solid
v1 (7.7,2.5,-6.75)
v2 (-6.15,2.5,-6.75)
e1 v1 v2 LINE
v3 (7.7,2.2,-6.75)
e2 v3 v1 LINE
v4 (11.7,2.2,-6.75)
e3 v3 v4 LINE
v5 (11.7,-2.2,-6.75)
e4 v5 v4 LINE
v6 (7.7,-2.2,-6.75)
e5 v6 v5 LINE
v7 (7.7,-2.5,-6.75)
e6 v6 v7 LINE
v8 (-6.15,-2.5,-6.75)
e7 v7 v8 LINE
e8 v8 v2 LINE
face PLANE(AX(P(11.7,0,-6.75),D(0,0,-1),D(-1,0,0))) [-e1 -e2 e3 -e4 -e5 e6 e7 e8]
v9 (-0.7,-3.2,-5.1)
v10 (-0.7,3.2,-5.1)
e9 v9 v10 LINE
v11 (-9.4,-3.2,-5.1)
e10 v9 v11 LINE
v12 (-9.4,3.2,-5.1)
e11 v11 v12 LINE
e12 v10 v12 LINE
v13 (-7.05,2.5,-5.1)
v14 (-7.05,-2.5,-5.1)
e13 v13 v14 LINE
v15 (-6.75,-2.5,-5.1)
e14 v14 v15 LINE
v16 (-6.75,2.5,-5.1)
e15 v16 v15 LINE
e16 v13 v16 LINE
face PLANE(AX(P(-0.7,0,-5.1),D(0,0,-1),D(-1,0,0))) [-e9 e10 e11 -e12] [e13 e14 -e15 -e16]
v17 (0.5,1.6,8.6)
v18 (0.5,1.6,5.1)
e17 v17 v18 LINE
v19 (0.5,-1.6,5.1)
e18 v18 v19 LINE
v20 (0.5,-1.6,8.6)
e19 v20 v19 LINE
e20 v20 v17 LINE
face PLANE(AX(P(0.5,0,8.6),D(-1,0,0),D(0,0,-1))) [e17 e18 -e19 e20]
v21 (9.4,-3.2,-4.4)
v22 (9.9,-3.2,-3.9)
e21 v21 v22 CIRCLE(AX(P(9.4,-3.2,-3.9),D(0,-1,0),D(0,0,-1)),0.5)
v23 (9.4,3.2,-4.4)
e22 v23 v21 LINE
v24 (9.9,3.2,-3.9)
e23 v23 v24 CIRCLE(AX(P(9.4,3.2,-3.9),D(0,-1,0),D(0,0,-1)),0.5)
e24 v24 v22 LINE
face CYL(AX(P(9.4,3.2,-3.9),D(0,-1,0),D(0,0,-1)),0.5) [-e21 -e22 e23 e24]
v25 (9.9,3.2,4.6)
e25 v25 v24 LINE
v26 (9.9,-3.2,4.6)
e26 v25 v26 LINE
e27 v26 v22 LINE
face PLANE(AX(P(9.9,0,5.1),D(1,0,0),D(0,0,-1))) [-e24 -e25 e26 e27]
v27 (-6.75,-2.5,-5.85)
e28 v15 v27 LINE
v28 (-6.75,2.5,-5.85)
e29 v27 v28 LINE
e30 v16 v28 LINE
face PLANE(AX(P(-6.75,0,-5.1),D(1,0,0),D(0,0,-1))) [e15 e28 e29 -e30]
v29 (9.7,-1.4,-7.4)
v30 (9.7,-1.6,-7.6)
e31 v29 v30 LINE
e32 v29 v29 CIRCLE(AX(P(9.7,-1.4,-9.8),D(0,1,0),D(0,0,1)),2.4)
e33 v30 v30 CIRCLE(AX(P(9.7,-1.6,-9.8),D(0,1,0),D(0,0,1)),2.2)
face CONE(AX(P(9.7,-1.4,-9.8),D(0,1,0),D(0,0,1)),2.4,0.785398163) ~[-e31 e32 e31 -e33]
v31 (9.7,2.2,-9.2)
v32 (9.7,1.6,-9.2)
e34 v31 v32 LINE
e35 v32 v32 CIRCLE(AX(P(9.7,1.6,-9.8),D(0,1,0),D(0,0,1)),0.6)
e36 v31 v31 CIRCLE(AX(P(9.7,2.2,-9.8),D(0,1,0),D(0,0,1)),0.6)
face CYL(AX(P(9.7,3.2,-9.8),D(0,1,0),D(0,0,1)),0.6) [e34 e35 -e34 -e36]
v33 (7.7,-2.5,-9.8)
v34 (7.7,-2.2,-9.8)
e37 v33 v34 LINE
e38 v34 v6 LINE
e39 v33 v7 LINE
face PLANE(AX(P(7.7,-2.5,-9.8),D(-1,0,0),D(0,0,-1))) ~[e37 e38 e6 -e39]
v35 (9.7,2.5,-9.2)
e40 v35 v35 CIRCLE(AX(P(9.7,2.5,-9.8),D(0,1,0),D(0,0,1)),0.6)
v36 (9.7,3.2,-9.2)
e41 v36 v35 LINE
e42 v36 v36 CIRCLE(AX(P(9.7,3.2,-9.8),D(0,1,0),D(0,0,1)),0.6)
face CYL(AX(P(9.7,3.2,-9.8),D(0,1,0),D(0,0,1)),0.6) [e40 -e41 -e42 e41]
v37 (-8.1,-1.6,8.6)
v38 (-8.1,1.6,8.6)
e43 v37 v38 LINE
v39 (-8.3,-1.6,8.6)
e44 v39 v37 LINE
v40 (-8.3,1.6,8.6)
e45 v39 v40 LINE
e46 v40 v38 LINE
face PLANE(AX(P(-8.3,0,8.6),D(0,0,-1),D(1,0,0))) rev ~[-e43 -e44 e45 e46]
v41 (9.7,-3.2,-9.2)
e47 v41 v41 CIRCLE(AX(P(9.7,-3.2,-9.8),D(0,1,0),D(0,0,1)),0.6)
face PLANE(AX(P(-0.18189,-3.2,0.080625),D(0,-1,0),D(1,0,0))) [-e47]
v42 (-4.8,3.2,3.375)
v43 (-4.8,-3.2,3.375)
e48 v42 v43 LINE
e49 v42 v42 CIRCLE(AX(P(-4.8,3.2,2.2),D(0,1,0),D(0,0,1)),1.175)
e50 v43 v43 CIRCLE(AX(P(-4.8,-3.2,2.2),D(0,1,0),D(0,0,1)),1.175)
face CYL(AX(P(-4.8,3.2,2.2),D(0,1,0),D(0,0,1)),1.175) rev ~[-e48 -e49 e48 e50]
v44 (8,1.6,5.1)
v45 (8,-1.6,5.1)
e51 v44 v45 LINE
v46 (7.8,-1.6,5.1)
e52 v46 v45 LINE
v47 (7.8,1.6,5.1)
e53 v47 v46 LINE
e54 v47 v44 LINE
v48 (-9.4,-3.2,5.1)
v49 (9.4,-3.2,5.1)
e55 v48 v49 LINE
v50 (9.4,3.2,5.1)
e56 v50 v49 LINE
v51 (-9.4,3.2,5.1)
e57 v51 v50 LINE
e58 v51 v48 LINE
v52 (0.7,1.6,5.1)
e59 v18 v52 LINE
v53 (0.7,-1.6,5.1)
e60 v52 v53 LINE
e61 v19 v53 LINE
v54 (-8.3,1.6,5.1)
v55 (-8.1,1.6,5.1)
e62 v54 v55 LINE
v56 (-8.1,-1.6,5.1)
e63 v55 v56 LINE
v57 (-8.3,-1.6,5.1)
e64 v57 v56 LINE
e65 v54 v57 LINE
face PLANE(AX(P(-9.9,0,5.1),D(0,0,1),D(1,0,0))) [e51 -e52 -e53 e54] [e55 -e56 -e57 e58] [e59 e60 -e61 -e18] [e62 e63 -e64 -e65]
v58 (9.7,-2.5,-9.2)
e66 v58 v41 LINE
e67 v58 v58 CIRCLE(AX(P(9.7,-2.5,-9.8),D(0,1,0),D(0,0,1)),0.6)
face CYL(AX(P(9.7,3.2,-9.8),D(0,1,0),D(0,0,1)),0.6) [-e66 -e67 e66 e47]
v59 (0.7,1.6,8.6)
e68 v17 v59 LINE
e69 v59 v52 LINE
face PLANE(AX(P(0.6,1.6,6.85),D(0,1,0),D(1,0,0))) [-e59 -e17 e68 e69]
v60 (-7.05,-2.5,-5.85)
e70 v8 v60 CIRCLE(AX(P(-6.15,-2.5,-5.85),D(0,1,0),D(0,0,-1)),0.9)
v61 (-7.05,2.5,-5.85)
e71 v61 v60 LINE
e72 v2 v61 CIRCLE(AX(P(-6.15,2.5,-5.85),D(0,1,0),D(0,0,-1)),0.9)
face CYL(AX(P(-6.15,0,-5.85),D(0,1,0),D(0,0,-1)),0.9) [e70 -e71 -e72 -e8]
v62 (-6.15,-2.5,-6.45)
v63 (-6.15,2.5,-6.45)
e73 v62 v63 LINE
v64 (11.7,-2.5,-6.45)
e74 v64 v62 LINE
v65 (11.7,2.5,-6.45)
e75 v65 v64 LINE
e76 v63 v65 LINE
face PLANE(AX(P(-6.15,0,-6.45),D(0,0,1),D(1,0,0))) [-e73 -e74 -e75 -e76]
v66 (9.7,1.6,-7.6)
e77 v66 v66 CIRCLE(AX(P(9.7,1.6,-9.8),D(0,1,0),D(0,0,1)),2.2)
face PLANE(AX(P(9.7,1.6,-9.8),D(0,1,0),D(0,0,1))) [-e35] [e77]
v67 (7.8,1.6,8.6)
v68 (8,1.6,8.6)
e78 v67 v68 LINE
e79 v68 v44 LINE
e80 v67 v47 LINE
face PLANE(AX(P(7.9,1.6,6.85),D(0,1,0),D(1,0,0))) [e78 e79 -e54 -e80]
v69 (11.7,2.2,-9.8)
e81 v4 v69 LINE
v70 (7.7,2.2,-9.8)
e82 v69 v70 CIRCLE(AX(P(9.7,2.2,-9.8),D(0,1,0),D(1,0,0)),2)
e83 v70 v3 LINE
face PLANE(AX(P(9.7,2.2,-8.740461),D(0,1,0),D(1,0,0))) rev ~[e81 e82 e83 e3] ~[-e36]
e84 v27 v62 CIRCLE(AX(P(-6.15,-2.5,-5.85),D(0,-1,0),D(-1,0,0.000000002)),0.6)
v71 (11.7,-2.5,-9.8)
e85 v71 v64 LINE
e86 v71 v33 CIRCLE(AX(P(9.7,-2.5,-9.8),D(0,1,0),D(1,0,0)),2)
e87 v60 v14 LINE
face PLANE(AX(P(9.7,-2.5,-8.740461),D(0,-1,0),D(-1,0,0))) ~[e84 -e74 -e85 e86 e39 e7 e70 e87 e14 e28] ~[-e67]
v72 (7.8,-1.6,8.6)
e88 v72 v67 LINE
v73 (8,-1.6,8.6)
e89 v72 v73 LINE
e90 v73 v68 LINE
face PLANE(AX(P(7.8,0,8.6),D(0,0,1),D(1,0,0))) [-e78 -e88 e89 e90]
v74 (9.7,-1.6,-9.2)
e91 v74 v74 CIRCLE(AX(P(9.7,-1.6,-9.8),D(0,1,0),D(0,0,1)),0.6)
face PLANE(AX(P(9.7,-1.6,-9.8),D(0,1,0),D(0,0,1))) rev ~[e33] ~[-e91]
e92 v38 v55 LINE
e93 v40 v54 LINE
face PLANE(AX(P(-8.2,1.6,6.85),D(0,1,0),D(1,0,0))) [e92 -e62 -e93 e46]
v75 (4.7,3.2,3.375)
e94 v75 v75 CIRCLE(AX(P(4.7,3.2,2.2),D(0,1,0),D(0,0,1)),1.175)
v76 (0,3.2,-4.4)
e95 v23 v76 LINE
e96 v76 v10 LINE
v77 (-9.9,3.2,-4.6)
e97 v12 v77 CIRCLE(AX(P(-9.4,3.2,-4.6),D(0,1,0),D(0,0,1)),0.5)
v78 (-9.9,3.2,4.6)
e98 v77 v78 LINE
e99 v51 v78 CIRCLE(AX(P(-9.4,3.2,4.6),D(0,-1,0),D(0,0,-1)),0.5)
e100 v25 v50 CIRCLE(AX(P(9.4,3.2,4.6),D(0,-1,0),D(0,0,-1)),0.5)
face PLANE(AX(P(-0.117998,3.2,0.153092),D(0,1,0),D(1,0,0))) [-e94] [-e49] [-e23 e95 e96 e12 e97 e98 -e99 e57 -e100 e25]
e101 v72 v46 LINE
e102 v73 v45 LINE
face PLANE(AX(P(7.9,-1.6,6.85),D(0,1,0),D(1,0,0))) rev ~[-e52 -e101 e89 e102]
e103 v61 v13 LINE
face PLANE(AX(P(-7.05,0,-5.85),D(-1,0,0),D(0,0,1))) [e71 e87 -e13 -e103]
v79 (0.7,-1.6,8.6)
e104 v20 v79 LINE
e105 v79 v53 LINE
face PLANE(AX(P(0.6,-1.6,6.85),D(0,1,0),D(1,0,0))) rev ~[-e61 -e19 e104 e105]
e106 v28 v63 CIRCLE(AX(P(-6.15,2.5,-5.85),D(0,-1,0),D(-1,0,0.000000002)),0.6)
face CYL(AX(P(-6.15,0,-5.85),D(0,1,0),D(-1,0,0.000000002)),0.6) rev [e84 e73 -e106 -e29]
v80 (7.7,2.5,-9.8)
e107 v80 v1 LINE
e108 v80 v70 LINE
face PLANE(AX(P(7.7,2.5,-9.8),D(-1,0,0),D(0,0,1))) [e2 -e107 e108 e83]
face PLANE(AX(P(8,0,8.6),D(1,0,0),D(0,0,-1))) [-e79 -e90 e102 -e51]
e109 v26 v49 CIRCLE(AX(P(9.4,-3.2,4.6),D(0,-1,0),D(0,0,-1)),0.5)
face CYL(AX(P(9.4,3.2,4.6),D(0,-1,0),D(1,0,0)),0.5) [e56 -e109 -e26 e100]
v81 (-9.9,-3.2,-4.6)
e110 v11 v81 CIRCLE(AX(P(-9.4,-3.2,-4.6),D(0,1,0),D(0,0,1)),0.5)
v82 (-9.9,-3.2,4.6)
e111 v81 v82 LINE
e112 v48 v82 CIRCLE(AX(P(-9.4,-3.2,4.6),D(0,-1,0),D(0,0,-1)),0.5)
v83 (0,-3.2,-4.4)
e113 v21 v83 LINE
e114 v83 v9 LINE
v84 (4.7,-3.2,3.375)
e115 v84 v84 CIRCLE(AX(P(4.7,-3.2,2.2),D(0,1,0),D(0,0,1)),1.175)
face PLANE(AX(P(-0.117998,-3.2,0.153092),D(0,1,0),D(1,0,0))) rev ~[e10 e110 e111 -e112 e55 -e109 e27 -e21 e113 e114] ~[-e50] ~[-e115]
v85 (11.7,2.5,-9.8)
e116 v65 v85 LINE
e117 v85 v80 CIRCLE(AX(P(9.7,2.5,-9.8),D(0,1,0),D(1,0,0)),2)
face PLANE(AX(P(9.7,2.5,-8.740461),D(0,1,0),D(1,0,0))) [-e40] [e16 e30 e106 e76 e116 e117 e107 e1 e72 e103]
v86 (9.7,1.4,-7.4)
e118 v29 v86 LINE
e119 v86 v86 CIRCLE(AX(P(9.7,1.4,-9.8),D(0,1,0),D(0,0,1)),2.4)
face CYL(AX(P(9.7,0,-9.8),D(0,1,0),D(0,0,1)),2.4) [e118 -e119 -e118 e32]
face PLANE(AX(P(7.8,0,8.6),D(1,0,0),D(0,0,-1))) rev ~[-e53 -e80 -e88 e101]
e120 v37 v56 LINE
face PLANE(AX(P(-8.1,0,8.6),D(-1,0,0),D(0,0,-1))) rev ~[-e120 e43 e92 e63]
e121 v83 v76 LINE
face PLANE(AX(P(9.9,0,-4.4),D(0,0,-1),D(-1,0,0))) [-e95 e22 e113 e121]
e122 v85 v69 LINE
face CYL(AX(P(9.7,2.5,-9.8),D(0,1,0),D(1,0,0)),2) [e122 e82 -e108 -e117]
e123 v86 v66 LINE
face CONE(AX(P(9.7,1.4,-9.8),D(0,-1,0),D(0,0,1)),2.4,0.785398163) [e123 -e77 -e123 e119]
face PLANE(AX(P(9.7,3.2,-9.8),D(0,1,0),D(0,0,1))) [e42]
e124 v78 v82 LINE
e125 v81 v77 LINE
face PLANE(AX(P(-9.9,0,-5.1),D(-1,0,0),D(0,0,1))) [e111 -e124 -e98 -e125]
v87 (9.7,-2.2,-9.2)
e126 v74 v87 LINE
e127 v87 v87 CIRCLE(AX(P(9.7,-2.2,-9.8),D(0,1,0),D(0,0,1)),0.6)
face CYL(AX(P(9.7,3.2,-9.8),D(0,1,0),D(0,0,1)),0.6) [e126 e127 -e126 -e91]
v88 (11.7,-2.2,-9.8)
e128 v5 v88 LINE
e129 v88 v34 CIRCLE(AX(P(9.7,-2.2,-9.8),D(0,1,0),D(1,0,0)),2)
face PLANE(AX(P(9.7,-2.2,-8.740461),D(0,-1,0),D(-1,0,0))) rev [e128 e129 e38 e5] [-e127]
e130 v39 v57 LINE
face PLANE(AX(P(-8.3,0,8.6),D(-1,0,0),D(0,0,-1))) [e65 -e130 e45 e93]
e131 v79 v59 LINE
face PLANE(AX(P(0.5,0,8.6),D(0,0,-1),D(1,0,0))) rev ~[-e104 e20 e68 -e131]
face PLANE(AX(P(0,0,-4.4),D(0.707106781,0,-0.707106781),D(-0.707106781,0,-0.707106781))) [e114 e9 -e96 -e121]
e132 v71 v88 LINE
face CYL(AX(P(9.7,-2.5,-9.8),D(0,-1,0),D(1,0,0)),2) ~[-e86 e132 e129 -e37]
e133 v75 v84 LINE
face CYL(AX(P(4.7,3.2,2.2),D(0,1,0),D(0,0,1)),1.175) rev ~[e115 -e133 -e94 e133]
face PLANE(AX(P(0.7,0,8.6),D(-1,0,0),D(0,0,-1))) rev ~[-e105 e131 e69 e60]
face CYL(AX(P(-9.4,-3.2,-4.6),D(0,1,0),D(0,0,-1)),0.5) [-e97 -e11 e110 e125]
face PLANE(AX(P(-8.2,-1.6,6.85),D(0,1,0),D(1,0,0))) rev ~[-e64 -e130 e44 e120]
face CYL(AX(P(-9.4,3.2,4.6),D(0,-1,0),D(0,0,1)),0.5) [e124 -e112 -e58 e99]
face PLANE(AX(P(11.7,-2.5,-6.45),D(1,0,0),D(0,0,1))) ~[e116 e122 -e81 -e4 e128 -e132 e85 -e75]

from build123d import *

# Parameters (mm, degrees)
EXTRUDE_1_DEPTH     = 3.2
CUT_EXTRUDE_1_REACH = 14.844
SKETCH_2_R          = 1.175
FILLET_1_R          = 0.5
EXTRUDE_1_2_DEPTH   = 2.5
EXTRUDE_2_DEPTH     = 0.3
EXTRUDE_3_REACH     = 19.807
SKETCH_5_R          = 0.6
SKETCH_6_R          = 2.4
EXTRUDE_4_DEPTH     = 1.6
CHAMFER_1_SIZE      = 0.2
SKETCH_7_W          = 0.2
SKETCH_7_H          = 3.5
EXTRUDE_2_2_DEPTH   = 1.6


with BuildPart() as part:
    # 草图1 → Extrude 1 (new, symmetric)
    with BuildSketch(Plane(origin=(0, 0, 0), x_dir=(1, 0, 0), z_dir=(0, 1, 0))):
        Polygon((9.9, 4.4), (0, 4.4), (-0.7, 5.1), (-9.9, 5.1), (-9.9, -5.1), (9.9, -5.1), align=None)
    extrude(amount=EXTRUDE_1_DEPTH, both=True)

    # 草图2 → 切除-拉伸1 (cut, up to next)
    with BuildSketch(Plane(origin=(0, 3.2, 0), x_dir=(1, 0, 0), z_dir=(0, 1, 0)), mode=Mode.PRIVATE) as cut_extrude_1_sk1:
        with Locations(Location((-4.8, -2.2, 0), (0, 0, 270))):
            Circle(SKETCH_2_R)
    cut_extrude_1_tool1 = extrude(cut_extrude_1_sk1.sketch, amount=-CUT_EXTRUDE_1_REACH, mode=Mode.PRIVATE) & part.part
    # 草图2 → 切除-拉伸1 (cut, up to next)
    with BuildSketch(Plane(origin=(0, 3.2, 0), x_dir=(1, 0, 0), z_dir=(0, 1, 0)), mode=Mode.PRIVATE) as cut_extrude_1_sk2:
        with Locations(Location((4.7, -2.2, 0), (0, 0, 270))):
            Circle(SKETCH_2_R)
    cut_extrude_1_tool2 = extrude(cut_extrude_1_sk2.sketch, amount=-CUT_EXTRUDE_1_REACH, mode=Mode.PRIVATE) & part.part
    add(cut_extrude_1_tool1.solids().sort_by_distance((-4.8, 3.2, 2.2))[0], mode=Mode.SUBTRACT)
    add(cut_extrude_1_tool2.solids().sort_by_distance((4.7, 3.2, 2.2))[0], mode=Mode.SUBTRACT)

    # 圆角1
    fillet_1_edges = [part.edges().sort_by_distance(p)[0] for p in [
        (9.9, 0, 5.1),
        (-9.9, 0, 5.1),
        (-9.9, 0, -5.1),
        (9.9, 0, -4.4),
    ]]
    fillet(fillet_1_edges, radius=FILLET_1_R)

    # 草图3 → Extrude 1 2 (add, symmetric)
    with BuildSketch(Plane(origin=(0, 0, 0), x_dir=(1, 0, 0), z_dir=(0, 1, 0))):
        with BuildLine():
            Line((-6.75, 5.1), (-6.75, 5.85))
            ThreePointArc((-6.75, 5.85), (-6.574264069, 6.274264069), (-6.15, 6.45))
            Line((-6.15, 6.45), (11.7, 6.45))
            Line((11.7, 6.45), (11.7, 6.75))
            Line((11.7, 6.75), (-6.15, 6.75))
            ThreePointArc((-6.15, 6.75), (-6.786396103, 6.486396103), (-7.05, 5.85))
            Line((-7.05, 5.85), (-7.05, 5.1))
            Line((-7.05, 5.1), (-6.75, 5.1))
        make_face()
    extrude(amount=EXTRUDE_1_2_DEPTH, both=True)

    # 草图4 → Extrude 2 (add)
    with BuildSketch(Plane(origin=(0, 2.5, 0), x_dir=(1, 0, 0), z_dir=(0, 1, 0))):
        with BuildLine():
            Line((7.7, 9.8), (7.7, 6.45))
            Line((7.7, 6.45), (11.7, 6.45))
            Line((11.7, 6.45), (11.7, 9.8))
            ThreePointArc((11.7, 9.8), (9.7, 11.8), (7.7, 9.8))
        make_face()
    extrude_2 = extrude(amount=-EXTRUDE_2_DEPTH)

    # 镜向1: Extrude 2 across plane
    add(extrude_2.mirror(Plane.ZX))

    # 凸台-拉伸3: up to this face of the body (flat: up to its plane)
    extrude_3_end = Plane(part.part.faces().sort_by_distance((-0.181890176, -3.2, 0.080625265))[0])
    # 草图5 → 凸台-拉伸3 (add, up to the picked face)
    with BuildSketch(Plane(origin=(0, 3.2, 0), x_dir=(1, 0, 0), z_dir=(0, 1, 0)), mode=Mode.PRIVATE) as extrude_3_sk1:
        with Locations(Location((9.7, 9.8, 0), (0, 0, 270))):
            Circle(SKETCH_5_R)
    extrude_3_tool1 = split(extrude(extrude_3_sk1.sketch, amount=-EXTRUDE_3_REACH, mode=Mode.PRIVATE), bisect_by=extrude_3_end, keep=Keep.BOTH, mode=Mode.PRIVATE)
    add(extrude_3_tool1.solids().sort_by(Axis((9.7, 3.2, -9.8), (0, -1, 0)))[0])

    # 草图6 → 凸台-拉伸4 (add, symmetric)
    with BuildSketch(Plane(origin=(0, 0, 0), x_dir=(1, 0, 0), z_dir=(0, 1, 0))):
        with Locations(Location((9.7, 9.8, 0), (0, 0, 270))):
            Circle(SKETCH_6_R)
    extrude(amount=EXTRUDE_4_DEPTH, both=True)

    # 倒角1
    chamfer_1_edges = [part.edges().sort_by_distance(p)[0] for p in [
        (9.7, -1.6, -12.2),
        (9.7, 1.6, -12.2),
    ]]
    chamfer(chamfer_1_edges, length=CHAMFER_1_SIZE)

    # 草图7 → Extrude 2 2 (add, symmetric)
    with BuildSketch(Plane(origin=(0, 0, 0), x_dir=(1, 0, 0), z_dir=(0, 1, 0))):
        with Locations((-8.2, -6.85)):
            Rectangle(SKETCH_7_W, SKETCH_7_H)
        with Locations((0.6, -6.85)):
            Rectangle(SKETCH_7_W, SKETCH_7_H)
        with Locations((7.9, -6.85)):
            Rectangle(SKETCH_7_W, SKETCH_7_H)
    extrude(amount=EXTRUDE_2_2_DEPTH, both=True)


solid = part.part
